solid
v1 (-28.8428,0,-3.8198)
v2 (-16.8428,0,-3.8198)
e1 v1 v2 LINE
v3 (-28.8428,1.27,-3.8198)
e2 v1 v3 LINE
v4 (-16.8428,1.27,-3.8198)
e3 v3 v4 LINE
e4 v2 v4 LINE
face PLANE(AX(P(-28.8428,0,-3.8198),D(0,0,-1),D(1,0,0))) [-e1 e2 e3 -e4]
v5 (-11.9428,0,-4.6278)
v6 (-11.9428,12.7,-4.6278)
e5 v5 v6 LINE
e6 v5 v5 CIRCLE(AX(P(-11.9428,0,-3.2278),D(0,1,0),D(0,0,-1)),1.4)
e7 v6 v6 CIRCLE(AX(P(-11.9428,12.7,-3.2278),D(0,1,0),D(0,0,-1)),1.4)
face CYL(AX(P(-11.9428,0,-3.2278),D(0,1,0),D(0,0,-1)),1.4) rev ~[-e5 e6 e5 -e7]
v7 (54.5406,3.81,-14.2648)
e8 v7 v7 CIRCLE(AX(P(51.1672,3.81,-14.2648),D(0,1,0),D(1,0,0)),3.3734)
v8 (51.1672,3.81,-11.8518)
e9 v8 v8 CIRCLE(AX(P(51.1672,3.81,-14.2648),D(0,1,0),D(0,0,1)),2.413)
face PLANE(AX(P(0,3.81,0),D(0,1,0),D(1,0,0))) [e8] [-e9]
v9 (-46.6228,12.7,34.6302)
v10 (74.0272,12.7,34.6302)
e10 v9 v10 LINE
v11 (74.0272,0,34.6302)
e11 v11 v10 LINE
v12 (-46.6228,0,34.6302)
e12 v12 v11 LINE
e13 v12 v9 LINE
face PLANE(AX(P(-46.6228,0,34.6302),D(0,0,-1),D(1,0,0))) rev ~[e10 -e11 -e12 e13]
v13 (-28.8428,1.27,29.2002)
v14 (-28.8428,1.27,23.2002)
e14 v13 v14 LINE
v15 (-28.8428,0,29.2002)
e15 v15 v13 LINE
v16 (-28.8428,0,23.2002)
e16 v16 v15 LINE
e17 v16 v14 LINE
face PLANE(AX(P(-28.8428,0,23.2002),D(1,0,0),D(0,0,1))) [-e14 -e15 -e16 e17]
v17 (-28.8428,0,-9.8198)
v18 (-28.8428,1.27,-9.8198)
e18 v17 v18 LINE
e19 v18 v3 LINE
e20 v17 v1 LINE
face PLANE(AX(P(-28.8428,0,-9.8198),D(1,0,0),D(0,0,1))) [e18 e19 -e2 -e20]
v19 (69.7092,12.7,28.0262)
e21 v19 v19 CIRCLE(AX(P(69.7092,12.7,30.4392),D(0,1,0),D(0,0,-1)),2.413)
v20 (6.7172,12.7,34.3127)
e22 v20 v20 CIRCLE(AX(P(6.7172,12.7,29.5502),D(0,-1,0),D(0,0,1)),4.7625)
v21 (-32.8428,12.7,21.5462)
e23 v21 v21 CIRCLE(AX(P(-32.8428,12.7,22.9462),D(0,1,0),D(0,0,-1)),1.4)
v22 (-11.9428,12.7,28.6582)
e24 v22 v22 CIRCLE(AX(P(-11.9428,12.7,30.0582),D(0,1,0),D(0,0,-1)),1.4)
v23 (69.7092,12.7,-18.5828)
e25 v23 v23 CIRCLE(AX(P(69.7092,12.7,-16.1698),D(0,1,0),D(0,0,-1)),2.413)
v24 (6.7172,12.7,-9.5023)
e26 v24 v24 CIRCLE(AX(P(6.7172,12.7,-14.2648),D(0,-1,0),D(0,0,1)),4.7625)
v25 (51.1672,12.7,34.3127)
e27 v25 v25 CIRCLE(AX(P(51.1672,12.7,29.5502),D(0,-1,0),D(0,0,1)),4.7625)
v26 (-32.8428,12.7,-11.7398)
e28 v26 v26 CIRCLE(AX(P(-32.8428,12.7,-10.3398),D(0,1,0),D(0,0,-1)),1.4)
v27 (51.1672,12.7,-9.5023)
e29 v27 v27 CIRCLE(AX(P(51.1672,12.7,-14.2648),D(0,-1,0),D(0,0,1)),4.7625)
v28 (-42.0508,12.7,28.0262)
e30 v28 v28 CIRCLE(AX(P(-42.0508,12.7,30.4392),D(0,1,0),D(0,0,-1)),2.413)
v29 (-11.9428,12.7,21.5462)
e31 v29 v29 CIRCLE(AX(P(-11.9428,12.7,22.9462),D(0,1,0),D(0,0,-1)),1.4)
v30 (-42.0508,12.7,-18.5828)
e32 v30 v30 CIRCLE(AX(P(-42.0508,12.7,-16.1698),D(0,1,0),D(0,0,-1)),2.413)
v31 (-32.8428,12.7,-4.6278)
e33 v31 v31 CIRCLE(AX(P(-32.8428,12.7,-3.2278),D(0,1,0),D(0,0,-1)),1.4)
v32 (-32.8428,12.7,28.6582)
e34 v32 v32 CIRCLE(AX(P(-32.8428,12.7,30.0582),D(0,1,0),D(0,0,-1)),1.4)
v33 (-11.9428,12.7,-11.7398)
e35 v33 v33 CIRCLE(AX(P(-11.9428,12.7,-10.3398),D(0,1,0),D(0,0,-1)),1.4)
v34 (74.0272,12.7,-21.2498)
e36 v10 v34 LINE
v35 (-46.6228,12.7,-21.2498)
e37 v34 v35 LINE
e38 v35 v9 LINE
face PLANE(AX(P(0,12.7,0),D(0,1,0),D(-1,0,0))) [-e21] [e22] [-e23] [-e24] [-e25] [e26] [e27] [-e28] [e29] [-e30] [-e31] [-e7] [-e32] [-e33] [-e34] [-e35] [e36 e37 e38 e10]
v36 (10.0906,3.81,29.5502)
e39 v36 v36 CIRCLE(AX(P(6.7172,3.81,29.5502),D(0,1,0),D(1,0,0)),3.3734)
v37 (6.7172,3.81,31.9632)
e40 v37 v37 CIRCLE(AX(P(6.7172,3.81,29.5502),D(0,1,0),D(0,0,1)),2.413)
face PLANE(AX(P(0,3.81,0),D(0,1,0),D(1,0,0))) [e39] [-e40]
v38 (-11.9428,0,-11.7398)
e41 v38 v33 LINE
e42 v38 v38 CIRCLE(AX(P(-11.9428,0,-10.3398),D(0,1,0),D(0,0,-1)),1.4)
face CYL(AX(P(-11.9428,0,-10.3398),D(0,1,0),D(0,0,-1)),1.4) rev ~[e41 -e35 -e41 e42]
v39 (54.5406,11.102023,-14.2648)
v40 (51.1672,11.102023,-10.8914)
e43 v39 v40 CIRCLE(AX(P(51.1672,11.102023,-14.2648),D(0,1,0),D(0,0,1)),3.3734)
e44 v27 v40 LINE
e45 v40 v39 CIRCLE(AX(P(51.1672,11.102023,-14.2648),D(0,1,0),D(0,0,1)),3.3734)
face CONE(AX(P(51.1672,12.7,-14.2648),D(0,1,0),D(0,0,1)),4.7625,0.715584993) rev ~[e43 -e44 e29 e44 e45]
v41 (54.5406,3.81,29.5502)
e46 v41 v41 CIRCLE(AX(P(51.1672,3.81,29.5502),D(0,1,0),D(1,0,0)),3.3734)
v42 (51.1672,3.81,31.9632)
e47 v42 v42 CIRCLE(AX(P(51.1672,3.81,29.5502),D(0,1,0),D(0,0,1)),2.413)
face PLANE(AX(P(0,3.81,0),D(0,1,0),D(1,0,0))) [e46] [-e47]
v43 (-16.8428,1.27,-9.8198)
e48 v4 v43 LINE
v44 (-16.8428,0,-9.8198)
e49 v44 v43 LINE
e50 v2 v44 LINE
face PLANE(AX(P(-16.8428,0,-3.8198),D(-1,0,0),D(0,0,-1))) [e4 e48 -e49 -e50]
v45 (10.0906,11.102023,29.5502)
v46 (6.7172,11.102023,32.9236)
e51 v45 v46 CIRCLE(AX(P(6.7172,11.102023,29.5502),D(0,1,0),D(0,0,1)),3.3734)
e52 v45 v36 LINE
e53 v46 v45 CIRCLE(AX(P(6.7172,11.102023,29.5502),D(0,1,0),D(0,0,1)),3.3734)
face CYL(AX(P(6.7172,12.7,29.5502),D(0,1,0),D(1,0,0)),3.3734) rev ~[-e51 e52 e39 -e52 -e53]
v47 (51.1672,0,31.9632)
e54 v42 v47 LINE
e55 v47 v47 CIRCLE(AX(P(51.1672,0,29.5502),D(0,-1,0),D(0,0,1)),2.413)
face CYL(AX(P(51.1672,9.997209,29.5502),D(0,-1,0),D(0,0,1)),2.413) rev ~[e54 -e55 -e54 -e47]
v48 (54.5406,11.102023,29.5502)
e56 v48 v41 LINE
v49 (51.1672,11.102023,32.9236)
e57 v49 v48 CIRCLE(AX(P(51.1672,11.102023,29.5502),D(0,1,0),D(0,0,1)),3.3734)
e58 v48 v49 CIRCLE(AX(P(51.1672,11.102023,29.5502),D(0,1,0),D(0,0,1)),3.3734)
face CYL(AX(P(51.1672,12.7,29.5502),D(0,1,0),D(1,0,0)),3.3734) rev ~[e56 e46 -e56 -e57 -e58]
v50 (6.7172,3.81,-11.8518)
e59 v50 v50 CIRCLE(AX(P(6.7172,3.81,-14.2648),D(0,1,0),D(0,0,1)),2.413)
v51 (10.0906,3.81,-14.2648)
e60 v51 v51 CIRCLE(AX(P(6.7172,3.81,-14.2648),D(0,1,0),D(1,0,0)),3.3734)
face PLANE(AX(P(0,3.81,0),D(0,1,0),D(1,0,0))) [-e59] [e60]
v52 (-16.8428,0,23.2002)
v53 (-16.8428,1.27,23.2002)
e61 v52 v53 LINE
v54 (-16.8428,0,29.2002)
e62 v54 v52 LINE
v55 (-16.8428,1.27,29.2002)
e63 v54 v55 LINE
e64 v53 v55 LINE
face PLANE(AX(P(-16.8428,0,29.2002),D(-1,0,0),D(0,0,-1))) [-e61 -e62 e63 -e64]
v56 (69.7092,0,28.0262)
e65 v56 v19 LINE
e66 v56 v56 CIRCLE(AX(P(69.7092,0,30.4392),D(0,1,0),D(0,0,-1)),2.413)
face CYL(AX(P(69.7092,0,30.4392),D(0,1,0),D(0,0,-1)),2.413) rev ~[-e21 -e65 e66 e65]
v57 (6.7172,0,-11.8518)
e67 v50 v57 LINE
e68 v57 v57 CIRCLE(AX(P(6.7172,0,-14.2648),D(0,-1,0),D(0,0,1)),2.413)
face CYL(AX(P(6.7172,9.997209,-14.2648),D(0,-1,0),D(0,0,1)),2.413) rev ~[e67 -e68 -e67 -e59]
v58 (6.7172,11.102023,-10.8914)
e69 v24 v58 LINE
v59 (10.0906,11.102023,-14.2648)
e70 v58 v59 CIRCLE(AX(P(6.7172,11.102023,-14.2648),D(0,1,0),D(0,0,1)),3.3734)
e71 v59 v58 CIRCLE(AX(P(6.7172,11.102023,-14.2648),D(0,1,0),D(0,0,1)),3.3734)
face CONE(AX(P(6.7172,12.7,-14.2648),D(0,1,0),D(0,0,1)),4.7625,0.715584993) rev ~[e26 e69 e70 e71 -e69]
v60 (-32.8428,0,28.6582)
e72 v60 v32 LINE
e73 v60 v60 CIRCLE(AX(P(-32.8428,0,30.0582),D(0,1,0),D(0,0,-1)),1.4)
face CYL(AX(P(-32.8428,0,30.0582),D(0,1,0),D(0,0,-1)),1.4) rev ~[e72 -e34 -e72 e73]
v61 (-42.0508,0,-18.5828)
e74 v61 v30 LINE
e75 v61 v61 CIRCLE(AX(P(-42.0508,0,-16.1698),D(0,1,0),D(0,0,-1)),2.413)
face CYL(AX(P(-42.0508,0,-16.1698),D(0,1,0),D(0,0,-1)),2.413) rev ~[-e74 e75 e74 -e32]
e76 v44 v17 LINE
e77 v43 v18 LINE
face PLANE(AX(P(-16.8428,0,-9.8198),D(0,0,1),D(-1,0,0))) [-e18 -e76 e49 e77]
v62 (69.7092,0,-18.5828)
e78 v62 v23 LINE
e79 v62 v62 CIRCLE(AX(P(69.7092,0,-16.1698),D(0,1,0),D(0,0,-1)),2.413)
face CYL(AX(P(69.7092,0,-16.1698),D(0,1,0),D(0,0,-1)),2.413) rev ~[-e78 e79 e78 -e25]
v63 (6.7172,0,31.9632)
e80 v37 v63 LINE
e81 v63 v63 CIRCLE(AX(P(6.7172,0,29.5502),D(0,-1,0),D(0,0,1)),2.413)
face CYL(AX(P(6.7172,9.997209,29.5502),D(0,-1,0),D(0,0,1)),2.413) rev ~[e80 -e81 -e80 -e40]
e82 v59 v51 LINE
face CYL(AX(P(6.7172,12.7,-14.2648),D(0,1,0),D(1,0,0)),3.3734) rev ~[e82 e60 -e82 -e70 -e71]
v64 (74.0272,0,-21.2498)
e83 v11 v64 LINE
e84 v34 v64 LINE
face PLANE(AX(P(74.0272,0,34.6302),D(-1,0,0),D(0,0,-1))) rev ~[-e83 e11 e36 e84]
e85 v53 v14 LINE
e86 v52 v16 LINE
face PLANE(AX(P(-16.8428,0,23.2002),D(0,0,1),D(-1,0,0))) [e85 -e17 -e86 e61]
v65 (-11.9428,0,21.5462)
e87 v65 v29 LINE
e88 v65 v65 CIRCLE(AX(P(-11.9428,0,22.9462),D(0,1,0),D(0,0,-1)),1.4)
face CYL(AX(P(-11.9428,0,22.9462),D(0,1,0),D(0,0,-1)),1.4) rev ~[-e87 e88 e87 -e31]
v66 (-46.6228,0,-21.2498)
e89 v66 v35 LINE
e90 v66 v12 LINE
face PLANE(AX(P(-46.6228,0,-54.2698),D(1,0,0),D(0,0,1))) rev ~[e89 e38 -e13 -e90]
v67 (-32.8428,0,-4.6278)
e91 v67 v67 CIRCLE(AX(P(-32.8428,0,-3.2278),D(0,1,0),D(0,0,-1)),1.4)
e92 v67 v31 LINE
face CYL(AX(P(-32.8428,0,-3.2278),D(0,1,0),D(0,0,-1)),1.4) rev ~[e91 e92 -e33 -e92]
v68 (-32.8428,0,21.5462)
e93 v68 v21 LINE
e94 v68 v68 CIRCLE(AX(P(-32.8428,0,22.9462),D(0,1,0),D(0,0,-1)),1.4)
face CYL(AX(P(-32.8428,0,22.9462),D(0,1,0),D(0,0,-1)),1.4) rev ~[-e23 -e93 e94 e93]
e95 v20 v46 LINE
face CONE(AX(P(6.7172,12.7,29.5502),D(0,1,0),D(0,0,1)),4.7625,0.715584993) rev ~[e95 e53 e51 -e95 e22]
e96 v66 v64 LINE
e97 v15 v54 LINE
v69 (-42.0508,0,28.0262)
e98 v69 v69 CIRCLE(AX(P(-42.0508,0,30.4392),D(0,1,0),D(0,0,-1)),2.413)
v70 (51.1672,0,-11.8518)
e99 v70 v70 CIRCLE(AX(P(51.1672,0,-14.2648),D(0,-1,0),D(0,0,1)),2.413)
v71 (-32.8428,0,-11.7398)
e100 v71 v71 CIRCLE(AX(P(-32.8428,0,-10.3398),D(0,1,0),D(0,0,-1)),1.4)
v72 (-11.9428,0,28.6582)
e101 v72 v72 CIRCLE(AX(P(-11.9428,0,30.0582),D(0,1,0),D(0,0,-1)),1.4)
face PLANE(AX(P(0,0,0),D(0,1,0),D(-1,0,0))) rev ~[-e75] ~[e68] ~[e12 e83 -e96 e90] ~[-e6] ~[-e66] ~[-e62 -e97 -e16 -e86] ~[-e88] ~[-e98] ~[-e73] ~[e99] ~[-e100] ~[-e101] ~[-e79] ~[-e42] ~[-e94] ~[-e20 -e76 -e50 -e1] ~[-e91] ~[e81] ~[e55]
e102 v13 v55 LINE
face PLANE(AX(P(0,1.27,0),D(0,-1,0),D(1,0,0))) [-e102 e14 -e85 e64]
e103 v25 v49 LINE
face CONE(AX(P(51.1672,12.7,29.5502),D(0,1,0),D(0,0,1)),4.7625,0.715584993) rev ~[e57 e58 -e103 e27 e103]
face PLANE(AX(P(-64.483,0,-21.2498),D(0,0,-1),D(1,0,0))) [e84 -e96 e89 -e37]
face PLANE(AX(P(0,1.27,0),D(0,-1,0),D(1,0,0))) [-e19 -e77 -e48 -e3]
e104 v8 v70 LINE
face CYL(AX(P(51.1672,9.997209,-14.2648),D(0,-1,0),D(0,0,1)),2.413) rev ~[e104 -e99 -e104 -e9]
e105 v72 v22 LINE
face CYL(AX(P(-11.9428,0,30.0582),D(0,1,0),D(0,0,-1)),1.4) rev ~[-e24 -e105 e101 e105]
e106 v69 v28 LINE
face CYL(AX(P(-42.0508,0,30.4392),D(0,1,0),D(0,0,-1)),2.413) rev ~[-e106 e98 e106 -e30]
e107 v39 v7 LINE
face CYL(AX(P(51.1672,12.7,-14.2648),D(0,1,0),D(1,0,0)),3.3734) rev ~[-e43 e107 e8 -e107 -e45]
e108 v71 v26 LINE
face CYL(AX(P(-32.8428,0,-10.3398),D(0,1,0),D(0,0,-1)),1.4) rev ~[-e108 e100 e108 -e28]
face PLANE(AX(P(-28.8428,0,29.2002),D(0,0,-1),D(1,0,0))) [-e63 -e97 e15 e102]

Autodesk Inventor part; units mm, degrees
ref_plane "YZ Plane" through (0, 0, 0) normal (1, 0, 0) x (0, 1, 0)
ref_plane "XZ Plane" through (0, 0, 0) normal (0, 1, 0) x (-1, 0, 0)
ref_plane "XY Plane" through (0, 0, 0) normal (0, 0, 1) x (1, 0, 0)
sketch "Sketch1" plane through (0, 0, 0) normal (0, 1, 0) x (-1, 0, 0)
  line L0 (46.6228, 34.6302) -> (-74.0272, 34.6302)
  line L1 (-74.0272, 34.6302) -> (-74.0272, -54.2698)
  line L2 (-74.0272, -54.2698) -> (46.6228, -54.2698)
  line L3 (46.6228, -54.2698) -> (46.6228, 34.6302)
  point P0 (0, 0)
  dimension "d0" = 120.65
  dimension "d1" = 88.9
extrude "Extrusion1" add sketch "Sketch1" along normal blind 12.7
sketch "Sketch2" plane through (0, 12.7, 0) normal (0, 1, 0) x (1, 0, 0)
  line L0 (-46.6228, -34.6302) -> (74.0272, -34.6302) projected
  line L1 (-46.6228, 54.2698) -> (-46.6228, -34.6302) projected
  point P0 (0, 0)
  point P1 (6.7172, -29.5502)
  point P2 (51.1672, -29.5502)
  dimension "d4" = 0
  dimension "d5" = 5.08
  dimension "d6" = 53.34
  dimension "d7" = 44.45
hole "Hole1" at (6.7172, 12.7, 29.5502) at (51.1672, 12.7, 29.5502) direction (0, -1, 0) diameter 4.826 depth 25.4 tip angle 118 countersink diameter 9.525 countersink angle 82
sketch "Sketch6" plane through (0, 0, 0) normal (0, -1, 0) x (1, 0, 0)
  line L0 (-46.6228, 34.6302) -> (74.0272, 34.6302) projected
  line L1 (-46.6228, -54.2698) -> (-46.6228, 34.6302) projected
  line L2 (74.0272, -54.2698) -> (-46.6228, -54.2698) projected
  point P0 (0, 0)
  point P1 (69.7092, -16.1698)
  point P2 (-42.0508, -16.1698)
  point P3 (-42.0508, 30.4392)
  point P4 (69.7092, 30.4392)
  dimension "d43" = 0
  dimension "d44" = 0
  dimension "d46" = 111.76
  dimension "d47" = 0
  dimension "d48" = 0
  dimension "d50" = 4.191
  dimension "d51" = 4.572
  dimension "d91" = 38.1
hole "Hole4" at (69.7092, 0, -16.1698) at (-42.0508, 0, -16.1698) at (-42.0508, 0, 30.4392) at (69.7092, 0, 30.4392) direction (0, 1, 0) diameter 4.8 depth 25.4 tip angle 118
sketch "Sketch10" plane through (0, 12.7, 0) normal (0, 1, 0) x (1, 0, 0)
  circle A0 centre (51.1672, -29.5502) radius 2.413 projected
  circle A1 centre (6.7172, -29.5502) radius 2.413 projected
  line L0 (74.0272, 54.2698) -> (-46.6228, 54.2698) projected
  point P0 (0, 0)
  point P1 (6.7172, 14.2648)
  point P2 (51.1672, 14.2648)
  point P3 (66.6772, 28.8698)
  point P4 (-45.6228, 28.8698)
  point P5 (-46.6228, 54.2698)
  dimension "d80" = 0
  dimension "d81" = 0
  dimension "d82" = 0
  dimension "d144" = 43.815
hole "Hole7" at (6.7172, 12.7, -14.2648) at (51.1672, 12.7, -14.2648) direction (0, -1, 0) diameter 4.826 end through all countersink diameter 9.525 countersink angle 82
sketch "Sketch11" plane through (0, 0, 0) normal (0, -1, 0) x (1, 0, 0)
  line L0 (-28.8428, 29.2002) -> (-16.8428, 29.2002)
  line L1 (-16.8428, 29.2002) -> (-16.8428, 23.2002)
  line L2 (-16.8428, 23.2002) -> (-28.8428, 23.2002)
  line L3 (-28.8428, 23.2002) -> (-28.8428, 29.2002)
  line L4 (-28.8428, -3.8198) -> (-16.8428, -3.8198)
  line L5 (-16.8428, -3.8198) -> (-16.8428, -9.8198)
  line L6 (-16.8428, -9.8198) -> (-28.8428, -9.8198)
  line L7 (-28.8428, -9.8198) -> (-28.8428, -3.8198)
  line L8 (-28.8428, 23.5502) -> (-28.8428, 29.5502) projected
  line L9 (-16.8428, 29.5502) -> (-16.8428, 23.5502) projected
  line L10 (74.0272, -54.2698) -> (-46.6228, -54.2698) projected
  point P0 (0, 0)
  dimension "d93" = 0
  dimension "d94" = 0
  dimension "d95" = 0
  dimension "d96" = 0
  dimension "d97" = 6
  dimension "d98" = 6
  dimension "d99" = 44.45
  dimension "d100" = 77.47
extrude "Extrusion4" cut sketch "Sketch11" against normal blind 1.27
sketch "Sketch12" plane through (0, 0, 0) normal (0, -1, 0) x (1, 0, 0)
  circle A0 centre (-42.0508, 30.4392) radius 2.4 projected
  circle A1 centre (69.7092, 30.4392) radius 2.4 projected
  circle A2 centre (69.7092, -16.1698) radius 2.4 projected
  circle A3 centre (-42.0508, -16.1698) radius 2.4 projected
  point P0 (0, 0)
hole "Hole8" at (-42.0508, 0, 30.4392) at (69.7092, 0, 30.4392) at (69.7092, 0, -16.1698) at (-42.0508, 0, -16.1698) direction (0, 1, 0) diameter 4.826 end through all
sketch "Sketch13" plane through (0, 0, 0) normal (0, -1, 0) x (1, 0, 0)
  circle A0 centre (-32.8428, -42.0898) radius 1.4 projected
  circle A1 centre (-32.8428, -49.1898) radius 1.4 projected
  line L0 (-46.6228, 34.6302) -> (74.0272, 34.6302) projected
  circle A2 centre (-11.9428, -42.0898) radius 1.4 projected
  point P0 (0, 0)
  point P1 (-32.8428, -10.3398)
  point P2 (-32.8428, -3.2278)
  point P3 (-32.8428, 22.9462)
  point P4 (-32.8428, 30.0582)
  point P5 (-39.7887, 34.6302)
  point P6 (67.4471, 34.6302)
  point P7 (-11.9428, -10.3398)
  point P8 (-11.9428, -3.2278)
  point P9 (-11.9428, 22.9462)
  point P10 (-11.9428, 30.0582)
  dimension "d110" = 0
  dimension "d111" = 0
  dimension "d112" = 0
  dimension "d113" = 7.112
  dimension "d114" = 7.112
  dimension "d115" = 31.75
  dimension "d116" = 4.572
  dimension "d117" = 0
  dimension "d118" = 0
  dimension "d119" = 0
  dimension "d120" = 0
  dimension "d121" = 0
  dimension "d122" = 0
  dimension "d123" = 0
  dimension "d124" = 0
hole "Hole9" at (-32.8428, 0, -10.3398) at (-32.8428, 0, -3.2278) at (-32.8428, 0, 22.9462) at (-32.8428, 0, 30.0582) at (-11.9428, 0, -10.3398) at (-11.9428, 0, -3.2278) at (-11.9428, 0, 22.9462) at (-11.9428, 0, 30.0582) direction (0, 1, 0) diameter 2.8 end through all
sketch "Sketch15" plane through (0, 12.7, 0) normal (0, 1, 0) x (1, 0, 0)
  circle A0 centre (6.7172, 14.2648) radius 2.413 projected
  circle A1 centre (51.1672, 14.2648) radius 2.413 projected
  circle A2 centre (6.7172, -29.5502) radius 2.413 projected
  circle A3 centre (51.1672, -29.5502) radius 2.413 projected
  circle A4 centre (6.7172, 14.2648) radius 3.3734
  circle A5 centre (6.7172, -29.5502) radius 3.3734
  circle A6 centre (51.1672, -29.5502) radius 3.3734
  circle A7 centre (51.1672, 14.2648) radius 3.3734
  point P0 (0, 0)
  dimension "d138" = 6.7469
  dimension "d139" = 6.7469
  dimension "d140" = 6.7469
  dimension "d141" = 6.7469
extrude "Extrusion6" cut sketch "Sketch15" against normal blind 8.89
sketch "Sketch16" plane through (0, 0, 0) normal (0, -1, 0) x (1, 0, 0)
  line L0 (-64.483, -21.2498) -> (91.0848, -21.2498)
  line L1 (91.0848, -21.2498) -> (91.0848, -72.9236)
  line L2 (91.0848, -72.9236) -> (-64.483, -72.9236)
  line L3 (-64.483, -72.9236) -> (-64.483, -21.2498)
  line L4 (74.0272, -54.2698) -> (-46.6228, -54.2698) projected
  point P0 (0, 0)
  dimension "d145" = 33.02
extrude "Extrusion7" cut sketch "Sketch16" against normal blind 25.4
equation "\"d52\" = LegoMainHole"
equation "\"d125\" = CanConHoleDiam"
equation "\"LegoMainHole\" = 4.8"
equation "\"TalonSRXWidth\" = 31.75"
equation "\"TalonSRXFromSide\" = 15.875"
equation "\"TalonSRXBetweenHoles\" = 50.8"
equation "\"CanConPinWidth\" = 6"
equation "\"CanConPinLength\" = 12"
equation "\"CanConBetweenSideHoles\" = 20.9"
equation "\"CanConBetweenTopHoles\" = 7.1"
equation "\"CanConHoleDiam\" = 2.8"
equation "\"CanConHoleFromTopPin\" = 4"
properties part number "OneSparkMaxPlate"
